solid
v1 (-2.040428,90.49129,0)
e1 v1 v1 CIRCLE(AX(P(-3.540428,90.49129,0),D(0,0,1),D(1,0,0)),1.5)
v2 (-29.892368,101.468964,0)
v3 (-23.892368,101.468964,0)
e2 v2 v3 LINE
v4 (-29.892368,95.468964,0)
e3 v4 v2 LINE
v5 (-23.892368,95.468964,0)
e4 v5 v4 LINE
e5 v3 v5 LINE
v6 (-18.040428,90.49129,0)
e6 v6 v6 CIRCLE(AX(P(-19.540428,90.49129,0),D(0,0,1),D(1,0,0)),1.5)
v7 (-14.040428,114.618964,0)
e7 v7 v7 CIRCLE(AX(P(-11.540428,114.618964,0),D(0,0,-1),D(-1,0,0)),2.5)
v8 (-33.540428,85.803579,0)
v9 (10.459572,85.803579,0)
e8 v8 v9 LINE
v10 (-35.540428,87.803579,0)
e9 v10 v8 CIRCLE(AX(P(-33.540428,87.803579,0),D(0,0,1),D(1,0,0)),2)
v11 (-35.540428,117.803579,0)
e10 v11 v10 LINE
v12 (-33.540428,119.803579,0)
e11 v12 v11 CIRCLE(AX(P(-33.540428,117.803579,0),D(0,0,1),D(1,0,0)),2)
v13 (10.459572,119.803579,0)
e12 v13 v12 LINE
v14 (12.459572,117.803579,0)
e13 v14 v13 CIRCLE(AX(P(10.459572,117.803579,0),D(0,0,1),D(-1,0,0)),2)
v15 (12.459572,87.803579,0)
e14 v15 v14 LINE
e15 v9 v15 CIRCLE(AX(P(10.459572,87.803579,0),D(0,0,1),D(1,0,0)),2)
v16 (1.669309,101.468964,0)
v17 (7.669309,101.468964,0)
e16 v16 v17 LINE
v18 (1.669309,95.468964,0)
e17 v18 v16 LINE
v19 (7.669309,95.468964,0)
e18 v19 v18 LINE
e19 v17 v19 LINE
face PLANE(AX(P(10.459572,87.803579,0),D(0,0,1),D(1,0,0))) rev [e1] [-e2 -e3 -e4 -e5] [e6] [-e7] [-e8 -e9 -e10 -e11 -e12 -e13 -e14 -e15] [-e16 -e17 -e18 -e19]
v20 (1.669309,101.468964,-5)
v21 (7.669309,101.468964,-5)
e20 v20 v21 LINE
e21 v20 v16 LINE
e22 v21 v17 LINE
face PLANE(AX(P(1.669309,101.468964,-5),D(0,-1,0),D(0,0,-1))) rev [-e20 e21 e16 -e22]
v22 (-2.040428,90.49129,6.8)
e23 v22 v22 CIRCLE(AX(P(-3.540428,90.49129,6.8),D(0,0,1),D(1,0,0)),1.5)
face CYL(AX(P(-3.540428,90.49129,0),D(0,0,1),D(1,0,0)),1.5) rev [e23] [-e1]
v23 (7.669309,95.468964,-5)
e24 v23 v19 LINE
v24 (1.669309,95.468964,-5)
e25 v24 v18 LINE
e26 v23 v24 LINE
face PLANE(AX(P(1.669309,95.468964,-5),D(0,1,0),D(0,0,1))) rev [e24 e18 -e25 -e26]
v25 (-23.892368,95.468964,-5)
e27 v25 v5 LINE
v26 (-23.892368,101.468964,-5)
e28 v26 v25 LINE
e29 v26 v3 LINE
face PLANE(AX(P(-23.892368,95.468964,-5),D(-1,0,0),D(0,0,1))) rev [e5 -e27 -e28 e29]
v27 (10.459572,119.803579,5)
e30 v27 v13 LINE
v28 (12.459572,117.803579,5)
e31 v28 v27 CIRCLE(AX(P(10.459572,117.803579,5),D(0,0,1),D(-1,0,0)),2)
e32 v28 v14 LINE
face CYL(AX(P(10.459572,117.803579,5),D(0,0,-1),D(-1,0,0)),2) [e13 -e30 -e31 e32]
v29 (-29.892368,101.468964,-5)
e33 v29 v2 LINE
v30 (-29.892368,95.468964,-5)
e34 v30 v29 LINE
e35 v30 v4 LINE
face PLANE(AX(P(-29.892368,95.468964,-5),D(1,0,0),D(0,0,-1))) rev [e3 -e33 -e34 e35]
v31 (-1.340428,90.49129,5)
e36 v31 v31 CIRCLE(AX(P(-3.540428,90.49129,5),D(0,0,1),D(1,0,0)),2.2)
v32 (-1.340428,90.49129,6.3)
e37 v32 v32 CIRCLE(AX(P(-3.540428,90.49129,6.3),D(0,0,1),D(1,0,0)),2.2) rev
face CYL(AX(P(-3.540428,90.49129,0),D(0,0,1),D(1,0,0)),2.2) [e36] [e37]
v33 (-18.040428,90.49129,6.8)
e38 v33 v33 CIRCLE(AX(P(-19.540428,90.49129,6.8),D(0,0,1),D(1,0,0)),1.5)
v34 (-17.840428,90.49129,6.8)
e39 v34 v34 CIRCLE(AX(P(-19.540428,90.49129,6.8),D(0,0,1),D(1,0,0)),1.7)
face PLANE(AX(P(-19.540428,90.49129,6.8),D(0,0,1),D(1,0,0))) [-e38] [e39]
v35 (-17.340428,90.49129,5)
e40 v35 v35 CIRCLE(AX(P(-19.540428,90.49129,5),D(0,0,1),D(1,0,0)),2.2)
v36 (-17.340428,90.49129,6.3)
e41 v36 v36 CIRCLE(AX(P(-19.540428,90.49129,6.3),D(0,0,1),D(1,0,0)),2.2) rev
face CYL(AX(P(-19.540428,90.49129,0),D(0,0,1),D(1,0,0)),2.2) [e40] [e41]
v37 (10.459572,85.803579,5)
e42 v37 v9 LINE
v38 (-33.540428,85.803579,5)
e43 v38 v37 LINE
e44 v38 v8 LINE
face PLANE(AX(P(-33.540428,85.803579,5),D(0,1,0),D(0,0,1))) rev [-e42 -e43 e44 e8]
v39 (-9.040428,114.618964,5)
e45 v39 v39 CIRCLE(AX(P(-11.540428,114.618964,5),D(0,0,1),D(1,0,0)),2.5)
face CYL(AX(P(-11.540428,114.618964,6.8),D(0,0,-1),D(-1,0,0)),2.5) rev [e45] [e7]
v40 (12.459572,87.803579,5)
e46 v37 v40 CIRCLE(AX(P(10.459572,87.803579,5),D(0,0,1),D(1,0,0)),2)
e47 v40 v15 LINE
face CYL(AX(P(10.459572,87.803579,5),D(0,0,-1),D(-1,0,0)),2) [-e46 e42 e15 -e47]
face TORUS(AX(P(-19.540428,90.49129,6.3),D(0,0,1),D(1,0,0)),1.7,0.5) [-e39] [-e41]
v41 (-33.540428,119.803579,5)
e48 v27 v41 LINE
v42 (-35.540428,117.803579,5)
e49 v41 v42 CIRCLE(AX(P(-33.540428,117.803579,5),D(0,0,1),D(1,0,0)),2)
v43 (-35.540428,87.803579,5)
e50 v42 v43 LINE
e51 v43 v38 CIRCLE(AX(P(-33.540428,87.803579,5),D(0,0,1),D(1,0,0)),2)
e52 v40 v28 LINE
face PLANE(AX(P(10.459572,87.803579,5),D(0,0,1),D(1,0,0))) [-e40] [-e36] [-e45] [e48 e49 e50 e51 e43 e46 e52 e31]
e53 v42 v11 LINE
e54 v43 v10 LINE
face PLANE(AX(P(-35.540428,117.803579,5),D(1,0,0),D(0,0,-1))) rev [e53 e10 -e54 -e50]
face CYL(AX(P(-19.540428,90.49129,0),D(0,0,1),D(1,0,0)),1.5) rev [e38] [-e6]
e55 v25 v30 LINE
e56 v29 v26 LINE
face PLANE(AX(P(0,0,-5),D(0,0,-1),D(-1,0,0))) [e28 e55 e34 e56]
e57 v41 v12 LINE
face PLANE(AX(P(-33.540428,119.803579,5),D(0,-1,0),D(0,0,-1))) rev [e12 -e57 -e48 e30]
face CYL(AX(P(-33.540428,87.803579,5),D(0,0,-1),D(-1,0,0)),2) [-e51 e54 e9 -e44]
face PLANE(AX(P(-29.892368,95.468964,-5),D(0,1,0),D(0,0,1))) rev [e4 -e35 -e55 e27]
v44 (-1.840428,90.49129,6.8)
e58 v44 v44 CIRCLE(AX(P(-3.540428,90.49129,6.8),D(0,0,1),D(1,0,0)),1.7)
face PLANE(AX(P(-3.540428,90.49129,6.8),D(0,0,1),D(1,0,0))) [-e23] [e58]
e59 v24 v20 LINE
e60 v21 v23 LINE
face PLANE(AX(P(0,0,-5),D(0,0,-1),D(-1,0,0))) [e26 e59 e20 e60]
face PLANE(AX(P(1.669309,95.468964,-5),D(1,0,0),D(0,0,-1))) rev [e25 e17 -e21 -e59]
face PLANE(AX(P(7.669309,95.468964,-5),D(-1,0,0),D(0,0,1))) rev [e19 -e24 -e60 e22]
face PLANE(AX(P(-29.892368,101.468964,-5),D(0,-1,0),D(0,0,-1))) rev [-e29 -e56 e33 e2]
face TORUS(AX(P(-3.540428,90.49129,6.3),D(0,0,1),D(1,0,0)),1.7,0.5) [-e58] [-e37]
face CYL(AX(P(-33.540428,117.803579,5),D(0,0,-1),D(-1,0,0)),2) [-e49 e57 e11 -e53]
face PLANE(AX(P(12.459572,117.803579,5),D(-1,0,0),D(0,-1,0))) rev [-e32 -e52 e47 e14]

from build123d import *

# Parameters (mm, degrees)
BOSS_EXTRUDE5_DEPTH       = 5
SKETCH9_R                 = 2.2
SKETCH9_R_2               = 1.5
BOSS_EXTRUDE11_DEPTH      = 1.8
BOSS_EXTRUDE11_DEPTH_BACK = 5
SKETCH9_10_R              = 1.5
CUT_EXTRUDE4_DEPTH        = 6
SKETCH11_R                = 2.5
CUT_EXTRUDE5_DEPTH        = 7.8
SKETCH12_W                = 6
SKETCH12_H                = 6
BOSS_EXTRUDE12_DEPTH      = 5
FILLET7_R                 = 0.5


with BuildPart() as part:
    # Sketch8 → Boss-Extrude5 (new body)
    with BuildSketch(Plane.XY):
        with BuildLine():
            Line((-33.540427797, 119.803578872), (10.459572203, 119.803578872))
            ThreePointArc((10.459572203, 119.803578872), (11.873785765, 119.217792435), (12.459572203, 117.803578872))
            Line((12.459572203, 117.803578872), (12.459572203, 87.803578872))
            ThreePointArc((12.459572203, 87.803578872), (11.873785765, 86.38936531), (10.459572203, 85.803578872))
            Line((10.459572203, 85.803578872), (-33.540427797, 85.803578872))
            ThreePointArc((-33.540427797, 85.803578872), (-34.95464136, 86.38936531), (-35.540427797, 87.803578872))
            Line((-35.540427797, 87.803578872), (-35.540427797, 117.803578872))
            ThreePointArc((-35.540427797, 117.803578872), (-34.95464136, 119.217792435), (-33.540427797, 119.803578872))
        make_face()
    extrude(amount=BOSS_EXTRUDE5_DEPTH)

    # Sketch9 → Boss-Extrude11 (add, two sides)
    with BuildSketch(Plane.XY.offset(5)) as boss_extrude11_sk:
        with Locations((-3.540427797, 90.491289859)):
            Circle(SKETCH9_R)
        with Locations((-3.540427797, 90.491289859)):
            Circle(SKETCH9_R_2, mode=Mode.SUBTRACT)
        with Locations((-19.540427797, 90.491289859)):
            Circle(SKETCH9_R)
        with Locations((-19.540427797, 90.491289859)):
            Circle(SKETCH9_R_2, mode=Mode.SUBTRACT)
    extrude(amount=BOSS_EXTRUDE11_DEPTH)
    extrude(boss_extrude11_sk.sketch, amount=-BOSS_EXTRUDE11_DEPTH_BACK)

    # Sketch9<10> → Cut-Extrude4 (cut, through all)
    with BuildSketch(Plane.XY.offset(5)):
        with Locations((-3.540427797, 90.491289859)):
            Circle(SKETCH9_10_R)
        with Locations((-19.540427797, 90.491289859)):
            Circle(SKETCH9_10_R)
    extrude(amount=-CUT_EXTRUDE4_DEPTH, mode=Mode.SUBTRACT)

    # Sketch11 → Cut-Extrude5 (cut, through all)
    with BuildSketch(Plane(origin=(0, 0, 0), x_dir=(-1, 0, 0), z_dir=(0, 0, -1))):
        with Locations((11.540427797, 114.618963942)):
            Circle(SKETCH11_R)
    extrude(amount=-CUT_EXTRUDE5_DEPTH, mode=Mode.SUBTRACT)

    # Sketch12 → Boss-Extrude12 (add)
    with BuildSketch(Plane(origin=(0, 0, 0), x_dir=(-1, 0, 0), z_dir=(0, 0, -1))):
        with Locations((-4.669308543, 98.468963942)):
            Rectangle(SKETCH12_W, SKETCH12_H)
        with Locations((26.892367502, 98.468963942)):
            Rectangle(SKETCH12_W, SKETCH12_H)
    extrude(amount=BOSS_EXTRUDE12_DEPTH)

    # Fillet7
    fillet7_edges = [part.edges().sort_by_distance(p)[0] for p in [
        (-21.740427797, 90.491289859, 6.8),
        (-5.740427797, 90.491289859, 6.8),
    ]]
    fillet(fillet7_edges, radius=FILLET7_R)


solid = part.part
